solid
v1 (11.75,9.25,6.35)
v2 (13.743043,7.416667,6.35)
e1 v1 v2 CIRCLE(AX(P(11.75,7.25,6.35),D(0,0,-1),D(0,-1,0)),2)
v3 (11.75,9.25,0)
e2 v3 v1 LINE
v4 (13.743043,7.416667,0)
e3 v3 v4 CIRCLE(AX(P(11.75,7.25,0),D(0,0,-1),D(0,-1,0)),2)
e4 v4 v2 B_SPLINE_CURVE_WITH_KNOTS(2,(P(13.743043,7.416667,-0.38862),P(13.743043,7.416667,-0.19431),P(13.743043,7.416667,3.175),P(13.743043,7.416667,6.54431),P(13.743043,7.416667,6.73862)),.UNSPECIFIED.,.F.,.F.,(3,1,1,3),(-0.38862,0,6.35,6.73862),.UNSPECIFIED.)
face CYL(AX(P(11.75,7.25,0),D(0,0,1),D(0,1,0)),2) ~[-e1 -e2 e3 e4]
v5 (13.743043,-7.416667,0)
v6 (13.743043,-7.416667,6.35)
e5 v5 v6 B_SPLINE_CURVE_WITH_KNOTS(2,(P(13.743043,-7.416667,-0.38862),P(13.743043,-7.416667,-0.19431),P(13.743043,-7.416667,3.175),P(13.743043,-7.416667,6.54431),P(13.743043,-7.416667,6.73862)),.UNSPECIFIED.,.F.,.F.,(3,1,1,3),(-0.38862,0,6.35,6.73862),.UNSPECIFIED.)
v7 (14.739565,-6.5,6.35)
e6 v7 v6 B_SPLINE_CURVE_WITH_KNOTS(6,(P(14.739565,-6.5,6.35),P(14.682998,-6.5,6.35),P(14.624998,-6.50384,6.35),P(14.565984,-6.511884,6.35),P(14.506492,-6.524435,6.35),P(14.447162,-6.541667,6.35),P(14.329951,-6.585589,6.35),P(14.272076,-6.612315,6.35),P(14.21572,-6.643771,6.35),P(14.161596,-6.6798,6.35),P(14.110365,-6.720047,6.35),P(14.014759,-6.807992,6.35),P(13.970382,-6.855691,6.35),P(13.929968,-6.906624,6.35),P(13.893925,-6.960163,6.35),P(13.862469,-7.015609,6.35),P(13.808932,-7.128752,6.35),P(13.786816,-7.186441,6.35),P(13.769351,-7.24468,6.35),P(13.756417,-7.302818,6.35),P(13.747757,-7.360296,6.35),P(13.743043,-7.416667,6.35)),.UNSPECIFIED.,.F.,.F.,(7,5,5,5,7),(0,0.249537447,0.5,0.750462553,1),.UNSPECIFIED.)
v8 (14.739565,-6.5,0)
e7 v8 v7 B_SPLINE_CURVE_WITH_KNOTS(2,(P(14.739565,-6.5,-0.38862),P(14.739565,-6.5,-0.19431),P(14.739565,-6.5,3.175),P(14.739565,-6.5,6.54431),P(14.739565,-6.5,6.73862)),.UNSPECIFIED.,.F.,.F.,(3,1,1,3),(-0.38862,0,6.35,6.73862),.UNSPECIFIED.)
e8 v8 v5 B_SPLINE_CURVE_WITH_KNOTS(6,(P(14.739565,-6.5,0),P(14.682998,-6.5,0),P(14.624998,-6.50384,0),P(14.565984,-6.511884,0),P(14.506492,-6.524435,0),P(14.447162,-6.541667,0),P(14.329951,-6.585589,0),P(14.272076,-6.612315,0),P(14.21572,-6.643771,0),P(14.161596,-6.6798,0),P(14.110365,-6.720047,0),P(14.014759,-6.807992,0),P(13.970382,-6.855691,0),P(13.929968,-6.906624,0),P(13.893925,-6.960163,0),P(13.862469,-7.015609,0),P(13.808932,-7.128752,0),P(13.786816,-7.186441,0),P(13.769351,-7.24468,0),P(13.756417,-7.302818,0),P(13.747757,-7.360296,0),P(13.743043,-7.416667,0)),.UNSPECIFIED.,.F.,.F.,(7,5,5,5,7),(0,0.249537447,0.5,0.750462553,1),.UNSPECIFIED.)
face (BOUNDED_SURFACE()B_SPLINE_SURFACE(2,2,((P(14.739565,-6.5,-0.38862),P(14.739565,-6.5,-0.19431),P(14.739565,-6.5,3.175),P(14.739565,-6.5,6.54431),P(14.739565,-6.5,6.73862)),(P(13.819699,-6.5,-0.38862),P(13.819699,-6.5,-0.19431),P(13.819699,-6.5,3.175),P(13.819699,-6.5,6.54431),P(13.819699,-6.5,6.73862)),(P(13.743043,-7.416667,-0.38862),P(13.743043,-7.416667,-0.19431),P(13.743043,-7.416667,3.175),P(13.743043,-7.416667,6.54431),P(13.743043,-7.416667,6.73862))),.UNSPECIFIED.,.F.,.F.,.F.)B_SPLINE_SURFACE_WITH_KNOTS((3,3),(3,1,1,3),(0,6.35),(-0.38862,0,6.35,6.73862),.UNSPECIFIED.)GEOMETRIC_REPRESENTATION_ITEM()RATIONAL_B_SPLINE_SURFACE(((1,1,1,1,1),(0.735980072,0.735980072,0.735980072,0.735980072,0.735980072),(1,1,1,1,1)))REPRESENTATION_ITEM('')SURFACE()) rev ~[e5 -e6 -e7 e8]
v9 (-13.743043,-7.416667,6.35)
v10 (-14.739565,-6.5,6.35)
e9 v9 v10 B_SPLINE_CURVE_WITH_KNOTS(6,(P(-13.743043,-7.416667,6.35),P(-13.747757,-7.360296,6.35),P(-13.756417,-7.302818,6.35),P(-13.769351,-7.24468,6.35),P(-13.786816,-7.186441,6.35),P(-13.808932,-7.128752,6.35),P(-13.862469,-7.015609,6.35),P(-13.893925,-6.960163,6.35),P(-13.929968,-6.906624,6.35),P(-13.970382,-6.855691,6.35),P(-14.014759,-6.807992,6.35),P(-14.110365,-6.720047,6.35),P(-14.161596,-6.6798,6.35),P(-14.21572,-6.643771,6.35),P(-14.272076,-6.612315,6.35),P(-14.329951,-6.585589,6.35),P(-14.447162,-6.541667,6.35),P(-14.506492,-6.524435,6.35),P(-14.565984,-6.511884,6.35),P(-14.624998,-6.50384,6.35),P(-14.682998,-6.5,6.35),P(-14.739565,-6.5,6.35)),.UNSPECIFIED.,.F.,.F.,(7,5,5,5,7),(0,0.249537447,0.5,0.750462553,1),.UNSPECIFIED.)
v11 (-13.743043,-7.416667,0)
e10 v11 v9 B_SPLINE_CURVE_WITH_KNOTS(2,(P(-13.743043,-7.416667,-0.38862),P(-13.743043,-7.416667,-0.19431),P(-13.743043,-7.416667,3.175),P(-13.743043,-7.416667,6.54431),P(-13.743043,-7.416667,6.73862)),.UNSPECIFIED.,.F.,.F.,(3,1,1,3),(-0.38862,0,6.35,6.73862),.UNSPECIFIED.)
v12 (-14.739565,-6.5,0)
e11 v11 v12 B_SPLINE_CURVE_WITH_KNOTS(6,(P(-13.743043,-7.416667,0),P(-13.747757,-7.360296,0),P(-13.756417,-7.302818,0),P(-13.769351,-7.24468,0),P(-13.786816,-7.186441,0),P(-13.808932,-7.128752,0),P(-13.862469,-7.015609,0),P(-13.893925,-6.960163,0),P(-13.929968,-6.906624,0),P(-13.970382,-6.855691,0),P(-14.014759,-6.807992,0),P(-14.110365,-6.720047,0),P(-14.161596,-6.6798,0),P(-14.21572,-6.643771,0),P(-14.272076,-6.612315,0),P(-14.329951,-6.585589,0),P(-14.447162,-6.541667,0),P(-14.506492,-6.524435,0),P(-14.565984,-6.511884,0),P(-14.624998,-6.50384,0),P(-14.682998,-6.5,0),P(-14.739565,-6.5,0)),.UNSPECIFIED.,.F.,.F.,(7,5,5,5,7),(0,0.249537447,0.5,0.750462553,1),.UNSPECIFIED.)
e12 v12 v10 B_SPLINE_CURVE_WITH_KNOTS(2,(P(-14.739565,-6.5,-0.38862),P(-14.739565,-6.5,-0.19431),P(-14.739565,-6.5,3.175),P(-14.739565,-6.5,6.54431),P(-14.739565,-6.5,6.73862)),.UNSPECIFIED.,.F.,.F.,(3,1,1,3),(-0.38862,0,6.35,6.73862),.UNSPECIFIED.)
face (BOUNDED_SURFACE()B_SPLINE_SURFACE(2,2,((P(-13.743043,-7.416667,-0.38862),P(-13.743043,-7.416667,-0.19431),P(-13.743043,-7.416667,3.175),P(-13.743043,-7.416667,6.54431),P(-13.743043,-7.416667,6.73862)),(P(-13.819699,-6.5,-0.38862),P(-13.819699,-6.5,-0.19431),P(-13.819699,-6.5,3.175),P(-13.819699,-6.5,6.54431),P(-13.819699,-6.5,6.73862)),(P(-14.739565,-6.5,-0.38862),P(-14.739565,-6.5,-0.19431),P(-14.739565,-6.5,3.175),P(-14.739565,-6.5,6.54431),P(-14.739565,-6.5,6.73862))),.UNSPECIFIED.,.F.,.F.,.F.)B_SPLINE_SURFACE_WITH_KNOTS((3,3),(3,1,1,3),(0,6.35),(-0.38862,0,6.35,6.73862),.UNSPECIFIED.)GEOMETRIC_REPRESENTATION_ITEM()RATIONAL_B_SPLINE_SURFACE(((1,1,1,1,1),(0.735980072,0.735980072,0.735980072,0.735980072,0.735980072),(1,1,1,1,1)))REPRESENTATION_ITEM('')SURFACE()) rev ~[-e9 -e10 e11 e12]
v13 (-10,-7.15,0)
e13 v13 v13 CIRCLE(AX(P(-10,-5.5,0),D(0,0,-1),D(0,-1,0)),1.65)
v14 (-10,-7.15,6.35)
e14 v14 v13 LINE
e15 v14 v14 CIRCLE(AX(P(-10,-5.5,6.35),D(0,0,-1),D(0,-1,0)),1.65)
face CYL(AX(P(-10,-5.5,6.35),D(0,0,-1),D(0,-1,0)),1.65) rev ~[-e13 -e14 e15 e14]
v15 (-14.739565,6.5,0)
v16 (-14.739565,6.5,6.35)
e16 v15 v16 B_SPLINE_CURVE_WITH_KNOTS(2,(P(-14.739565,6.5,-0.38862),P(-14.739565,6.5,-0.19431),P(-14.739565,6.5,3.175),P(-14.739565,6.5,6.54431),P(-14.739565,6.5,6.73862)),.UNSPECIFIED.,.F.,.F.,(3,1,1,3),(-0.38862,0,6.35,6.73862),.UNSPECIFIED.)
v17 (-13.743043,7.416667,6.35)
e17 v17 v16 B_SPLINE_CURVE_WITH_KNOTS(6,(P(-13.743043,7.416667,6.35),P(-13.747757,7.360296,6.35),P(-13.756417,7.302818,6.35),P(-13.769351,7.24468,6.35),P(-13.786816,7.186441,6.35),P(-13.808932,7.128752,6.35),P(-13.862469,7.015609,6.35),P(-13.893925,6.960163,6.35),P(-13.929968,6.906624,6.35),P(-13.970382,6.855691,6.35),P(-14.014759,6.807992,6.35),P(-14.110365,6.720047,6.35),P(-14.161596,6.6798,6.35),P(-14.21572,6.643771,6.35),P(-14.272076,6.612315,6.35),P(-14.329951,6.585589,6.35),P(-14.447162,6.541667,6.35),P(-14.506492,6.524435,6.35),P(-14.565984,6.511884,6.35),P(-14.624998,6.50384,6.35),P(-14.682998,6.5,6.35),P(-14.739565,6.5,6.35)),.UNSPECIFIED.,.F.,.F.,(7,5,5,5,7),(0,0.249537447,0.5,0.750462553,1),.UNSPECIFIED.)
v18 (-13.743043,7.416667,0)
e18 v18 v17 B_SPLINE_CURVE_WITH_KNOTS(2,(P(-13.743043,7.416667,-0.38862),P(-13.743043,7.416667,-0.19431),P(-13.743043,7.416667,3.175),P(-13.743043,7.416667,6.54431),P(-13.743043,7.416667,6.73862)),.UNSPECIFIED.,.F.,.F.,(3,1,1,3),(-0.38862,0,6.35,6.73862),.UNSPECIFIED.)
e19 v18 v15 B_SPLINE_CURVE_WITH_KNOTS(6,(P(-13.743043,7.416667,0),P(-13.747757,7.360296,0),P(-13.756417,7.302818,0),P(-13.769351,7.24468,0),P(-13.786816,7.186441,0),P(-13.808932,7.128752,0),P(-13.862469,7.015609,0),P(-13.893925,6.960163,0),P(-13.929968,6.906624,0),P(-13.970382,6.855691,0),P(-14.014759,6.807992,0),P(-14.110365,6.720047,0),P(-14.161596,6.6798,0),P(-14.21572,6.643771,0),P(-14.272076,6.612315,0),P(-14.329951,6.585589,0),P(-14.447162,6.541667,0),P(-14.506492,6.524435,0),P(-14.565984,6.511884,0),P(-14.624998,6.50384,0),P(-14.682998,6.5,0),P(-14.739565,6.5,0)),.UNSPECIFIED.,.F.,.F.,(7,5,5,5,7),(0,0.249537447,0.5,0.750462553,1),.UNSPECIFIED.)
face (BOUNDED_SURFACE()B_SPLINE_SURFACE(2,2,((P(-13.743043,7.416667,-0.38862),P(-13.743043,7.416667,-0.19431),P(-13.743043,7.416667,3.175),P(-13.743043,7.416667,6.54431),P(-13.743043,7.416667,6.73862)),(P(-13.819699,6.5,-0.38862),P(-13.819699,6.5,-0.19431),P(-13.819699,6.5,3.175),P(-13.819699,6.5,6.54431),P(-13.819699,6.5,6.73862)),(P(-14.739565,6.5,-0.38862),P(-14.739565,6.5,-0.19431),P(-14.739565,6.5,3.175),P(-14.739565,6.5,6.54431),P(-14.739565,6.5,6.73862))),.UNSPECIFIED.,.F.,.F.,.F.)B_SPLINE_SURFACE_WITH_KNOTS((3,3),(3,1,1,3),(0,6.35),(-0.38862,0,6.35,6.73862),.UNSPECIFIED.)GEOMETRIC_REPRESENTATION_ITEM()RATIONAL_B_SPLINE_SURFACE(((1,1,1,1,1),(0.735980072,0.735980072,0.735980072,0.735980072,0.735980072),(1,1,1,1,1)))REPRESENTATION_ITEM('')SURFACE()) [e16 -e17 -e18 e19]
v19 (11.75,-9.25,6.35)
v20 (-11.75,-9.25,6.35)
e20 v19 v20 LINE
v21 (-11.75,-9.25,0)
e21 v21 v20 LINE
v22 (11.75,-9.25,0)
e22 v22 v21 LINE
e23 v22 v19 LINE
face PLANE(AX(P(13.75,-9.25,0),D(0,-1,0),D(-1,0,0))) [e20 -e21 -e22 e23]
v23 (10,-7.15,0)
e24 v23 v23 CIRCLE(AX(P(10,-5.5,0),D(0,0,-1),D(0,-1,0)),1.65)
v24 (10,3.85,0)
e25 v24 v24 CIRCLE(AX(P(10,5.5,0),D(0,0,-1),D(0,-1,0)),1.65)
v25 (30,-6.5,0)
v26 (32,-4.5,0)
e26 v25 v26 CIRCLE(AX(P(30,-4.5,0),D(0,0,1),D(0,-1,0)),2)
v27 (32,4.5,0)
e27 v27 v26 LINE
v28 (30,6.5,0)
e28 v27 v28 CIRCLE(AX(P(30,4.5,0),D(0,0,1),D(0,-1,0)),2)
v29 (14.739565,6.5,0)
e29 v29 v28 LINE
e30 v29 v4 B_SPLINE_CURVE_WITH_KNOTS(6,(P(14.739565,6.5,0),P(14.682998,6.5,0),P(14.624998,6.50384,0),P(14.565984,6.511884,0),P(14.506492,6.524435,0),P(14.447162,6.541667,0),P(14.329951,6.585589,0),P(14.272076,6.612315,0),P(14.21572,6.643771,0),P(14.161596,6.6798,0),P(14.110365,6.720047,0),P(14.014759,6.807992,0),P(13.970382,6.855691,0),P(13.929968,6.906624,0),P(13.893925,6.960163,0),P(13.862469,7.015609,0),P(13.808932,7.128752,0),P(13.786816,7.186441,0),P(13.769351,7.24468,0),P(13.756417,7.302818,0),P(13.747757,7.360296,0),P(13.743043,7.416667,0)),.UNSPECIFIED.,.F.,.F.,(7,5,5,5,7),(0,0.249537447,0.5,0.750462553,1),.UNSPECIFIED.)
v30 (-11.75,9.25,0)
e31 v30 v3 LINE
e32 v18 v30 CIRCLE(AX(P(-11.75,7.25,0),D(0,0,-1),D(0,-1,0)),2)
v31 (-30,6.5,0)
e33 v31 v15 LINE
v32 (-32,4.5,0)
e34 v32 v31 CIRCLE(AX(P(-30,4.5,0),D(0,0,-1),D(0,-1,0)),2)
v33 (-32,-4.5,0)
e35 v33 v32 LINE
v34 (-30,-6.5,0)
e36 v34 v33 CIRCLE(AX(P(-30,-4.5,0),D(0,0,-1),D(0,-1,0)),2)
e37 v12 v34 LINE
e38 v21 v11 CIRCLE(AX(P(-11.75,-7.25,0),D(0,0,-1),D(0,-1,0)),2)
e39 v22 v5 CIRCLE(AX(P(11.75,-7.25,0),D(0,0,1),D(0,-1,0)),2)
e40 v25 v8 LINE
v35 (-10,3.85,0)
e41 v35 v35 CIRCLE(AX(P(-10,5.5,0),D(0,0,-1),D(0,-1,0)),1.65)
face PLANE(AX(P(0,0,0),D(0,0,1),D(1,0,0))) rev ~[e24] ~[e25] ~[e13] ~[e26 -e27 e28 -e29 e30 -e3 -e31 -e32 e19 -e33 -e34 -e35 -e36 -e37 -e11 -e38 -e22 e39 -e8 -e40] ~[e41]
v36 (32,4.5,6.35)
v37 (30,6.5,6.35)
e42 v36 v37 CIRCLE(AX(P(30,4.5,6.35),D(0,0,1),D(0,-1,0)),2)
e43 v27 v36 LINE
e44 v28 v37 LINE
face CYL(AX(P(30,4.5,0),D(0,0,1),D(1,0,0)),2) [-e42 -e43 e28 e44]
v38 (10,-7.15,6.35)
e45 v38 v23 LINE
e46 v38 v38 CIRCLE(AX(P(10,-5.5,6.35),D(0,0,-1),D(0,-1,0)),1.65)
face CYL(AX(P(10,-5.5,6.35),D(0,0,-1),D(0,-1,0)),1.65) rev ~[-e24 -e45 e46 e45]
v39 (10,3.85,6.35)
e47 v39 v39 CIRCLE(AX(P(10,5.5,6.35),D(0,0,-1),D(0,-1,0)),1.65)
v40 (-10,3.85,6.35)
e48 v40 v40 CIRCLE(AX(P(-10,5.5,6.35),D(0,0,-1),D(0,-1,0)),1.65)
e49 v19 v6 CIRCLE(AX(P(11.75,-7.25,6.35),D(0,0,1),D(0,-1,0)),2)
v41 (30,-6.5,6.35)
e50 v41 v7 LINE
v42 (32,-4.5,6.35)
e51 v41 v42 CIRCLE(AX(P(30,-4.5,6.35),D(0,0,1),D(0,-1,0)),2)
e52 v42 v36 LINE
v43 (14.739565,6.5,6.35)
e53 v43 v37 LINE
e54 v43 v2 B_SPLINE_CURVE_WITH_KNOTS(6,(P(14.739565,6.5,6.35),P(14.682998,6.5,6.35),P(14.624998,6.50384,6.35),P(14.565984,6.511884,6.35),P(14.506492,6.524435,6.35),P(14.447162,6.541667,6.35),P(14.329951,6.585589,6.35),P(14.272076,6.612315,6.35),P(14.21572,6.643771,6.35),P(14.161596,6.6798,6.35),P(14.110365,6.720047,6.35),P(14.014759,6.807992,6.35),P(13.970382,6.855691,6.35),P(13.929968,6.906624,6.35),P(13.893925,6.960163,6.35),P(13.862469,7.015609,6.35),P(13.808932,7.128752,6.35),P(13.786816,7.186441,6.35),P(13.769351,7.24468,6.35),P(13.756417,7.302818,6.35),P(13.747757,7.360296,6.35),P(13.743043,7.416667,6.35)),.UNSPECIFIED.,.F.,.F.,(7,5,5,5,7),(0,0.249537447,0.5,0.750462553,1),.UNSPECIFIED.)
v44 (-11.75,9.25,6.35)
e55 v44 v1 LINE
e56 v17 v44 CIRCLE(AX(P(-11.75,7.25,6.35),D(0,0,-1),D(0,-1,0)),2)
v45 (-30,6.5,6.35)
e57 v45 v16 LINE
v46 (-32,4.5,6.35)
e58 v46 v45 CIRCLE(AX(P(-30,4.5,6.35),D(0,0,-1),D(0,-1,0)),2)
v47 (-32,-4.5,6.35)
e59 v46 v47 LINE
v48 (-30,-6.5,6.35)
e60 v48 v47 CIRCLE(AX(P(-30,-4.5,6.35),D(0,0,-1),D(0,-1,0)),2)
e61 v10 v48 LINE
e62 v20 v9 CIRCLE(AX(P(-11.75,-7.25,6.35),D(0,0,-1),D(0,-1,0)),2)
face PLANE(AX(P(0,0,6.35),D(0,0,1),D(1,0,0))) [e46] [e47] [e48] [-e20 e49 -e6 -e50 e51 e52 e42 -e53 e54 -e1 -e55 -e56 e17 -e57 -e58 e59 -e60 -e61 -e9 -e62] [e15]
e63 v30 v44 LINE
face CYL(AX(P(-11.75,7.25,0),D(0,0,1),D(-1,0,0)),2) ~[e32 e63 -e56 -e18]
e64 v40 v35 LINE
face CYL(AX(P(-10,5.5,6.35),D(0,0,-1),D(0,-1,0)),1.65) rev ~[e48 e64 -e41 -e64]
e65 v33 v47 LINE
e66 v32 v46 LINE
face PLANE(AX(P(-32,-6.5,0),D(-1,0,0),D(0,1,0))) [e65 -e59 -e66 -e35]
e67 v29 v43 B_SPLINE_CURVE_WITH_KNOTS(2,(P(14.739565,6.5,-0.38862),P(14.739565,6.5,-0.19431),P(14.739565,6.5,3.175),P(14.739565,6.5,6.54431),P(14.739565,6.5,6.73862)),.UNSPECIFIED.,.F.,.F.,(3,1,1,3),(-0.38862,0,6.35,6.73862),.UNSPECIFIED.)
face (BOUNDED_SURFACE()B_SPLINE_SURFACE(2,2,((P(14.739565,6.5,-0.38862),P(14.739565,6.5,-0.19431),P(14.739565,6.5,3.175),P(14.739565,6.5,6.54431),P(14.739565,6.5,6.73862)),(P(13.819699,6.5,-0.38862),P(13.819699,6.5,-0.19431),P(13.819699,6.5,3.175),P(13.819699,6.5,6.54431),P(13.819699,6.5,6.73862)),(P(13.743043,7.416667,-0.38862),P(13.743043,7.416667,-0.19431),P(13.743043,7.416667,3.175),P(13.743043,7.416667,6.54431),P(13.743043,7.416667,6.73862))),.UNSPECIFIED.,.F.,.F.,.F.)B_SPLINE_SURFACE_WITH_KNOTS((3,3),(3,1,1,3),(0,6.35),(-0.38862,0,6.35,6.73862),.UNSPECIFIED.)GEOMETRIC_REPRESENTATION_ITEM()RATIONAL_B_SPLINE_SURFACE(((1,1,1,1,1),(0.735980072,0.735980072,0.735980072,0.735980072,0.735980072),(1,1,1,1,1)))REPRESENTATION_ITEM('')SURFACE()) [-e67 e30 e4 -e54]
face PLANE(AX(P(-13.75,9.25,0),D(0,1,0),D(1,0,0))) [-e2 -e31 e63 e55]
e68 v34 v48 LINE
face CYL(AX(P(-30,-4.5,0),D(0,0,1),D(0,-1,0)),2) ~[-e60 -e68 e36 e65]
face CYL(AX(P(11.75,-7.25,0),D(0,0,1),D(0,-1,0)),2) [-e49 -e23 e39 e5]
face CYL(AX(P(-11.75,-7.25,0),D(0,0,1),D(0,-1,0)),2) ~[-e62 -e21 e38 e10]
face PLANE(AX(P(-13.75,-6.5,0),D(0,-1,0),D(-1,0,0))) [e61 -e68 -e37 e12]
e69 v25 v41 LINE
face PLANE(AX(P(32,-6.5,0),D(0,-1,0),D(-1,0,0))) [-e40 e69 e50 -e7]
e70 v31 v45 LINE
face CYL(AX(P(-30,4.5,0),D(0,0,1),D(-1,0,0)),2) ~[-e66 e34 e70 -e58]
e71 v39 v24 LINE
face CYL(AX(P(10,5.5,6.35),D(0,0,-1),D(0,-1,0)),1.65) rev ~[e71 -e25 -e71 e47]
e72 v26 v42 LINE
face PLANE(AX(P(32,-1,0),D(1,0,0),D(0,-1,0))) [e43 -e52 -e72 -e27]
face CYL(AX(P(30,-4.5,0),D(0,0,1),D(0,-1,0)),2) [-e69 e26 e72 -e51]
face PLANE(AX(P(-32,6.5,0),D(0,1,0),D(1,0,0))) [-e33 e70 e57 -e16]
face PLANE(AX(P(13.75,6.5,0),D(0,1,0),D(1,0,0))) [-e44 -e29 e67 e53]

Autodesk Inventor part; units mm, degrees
ref_plane "YZ Plane" through (0, 0, 0) normal (1, 0, 0) x (0, 1, 0)
ref_plane "XZ Plane" through (0, 0, 0) normal (0, 1, 0) x (-1, 0, 0)
ref_plane "XY Plane" through (0, 0, 0) normal (0, 0, 1) x (1, 0, 0)
sketch "Sketch1" plane through (0, 0, 0) normal (0, 0, 1) x (1, 0, 0)
  line L0 (13.75, -9.25) -> (-13.75, -9.25)
  line L1 (-13.75, -9.25) -> (-13.75, 9.25)
  line L2 (-13.75, 9.25) -> (13.75, 9.25)
  line L3 (13.75, 9.25) -> (13.75, -9.25)
  line L4 (13.75, -9.25) -> (-13.75, 9.25) construction
  line L5 (-13.75, -9.25) -> (13.75, 9.25) construction
  line L6 (-18, 0) -> (18, 0) construction
  circle A0 centre (-18, 0) radius 4
  circle A1 centre (18, 0) radius 4
  line L7 (32, -1) -> (-32, -1)
  line L8 (-32, -1) -> (-32, 1)
  line L9 (-32, 1) -> (32, 1)
  line L10 (32, 1) -> (32, -1)
  line L11 (32, -1) -> (-32, 1) construction
  line L12 (-32, -1) -> (32, 1) construction
  line L13 (32, -6.5) -> (-32, -6.5)
  line L14 (-32, -6.5) -> (-32, 6.5)
  line L15 (-32, 6.5) -> (32, 6.5)
  line L16 (32, 6.5) -> (32, -6.5)
  line L17 (32, -6.5) -> (-32, 6.5) construction
  line L18 (-32, -6.5) -> (32, 6.5) construction
  point P0 (0, 0)
  point P1 (-21.873, -1)
  point P2 (-13.75, -6.5)
  point P3 (13.75, -6.5)
  point P4 (21.873, -1)
  point P5 (21.873, 1)
  point P6 (13.75, 6.5)
  point P7 (-13.75, 6.5)
  point P8 (-21.873, 1)
  dimension "d0" = 27.5
  dimension "d1" = 18.5
  dimension "d2" = 8
  dimension "d3" = 8
  dimension "d4" = 36
  dimension "d5" = 64
  dimension "d6" = 2
  dimension "d7" = 13
extrude "Extrusion1" add sketch "Sketch1" along normal blind 6.35
fillet "Fillet1" radius 2 4 edges at (13.75, 9.25, 3.175) (-13.75, 9.25, 3.175) (-13.75, -9.25, 3.175) (13.75, -9.25, 3.175)
fillet "Fillet2" radius 2 4 edges at (-32, 6.5, 3.175) (-32, -6.5, 3.175) (32, 6.5, 3.175) (32, -6.5, 3.175)
fillet "Fillet3" radius 1 4 edges at (-13.75, -6.5, 3.175) (-13.75, 6.5, 3.175) (13.75, 6.5, 3.175) (13.75, -6.5, 3.175)
sketch "Sketch2" plane through (0, 0, 6.35) normal (0, 0, 1) x (1, 0, 0)
  line L0 (10, -5.5) -> (-10, -5.5) construction
  line L1 (-10, -5.5) -> (-10, 5.5) construction
  line L2 (-10, 5.5) -> (10, 5.5) construction
  line L3 (10, 5.5) -> (10, -5.5) construction
  line L4 (10, -5.5) -> (-10, 5.5) construction
  line L5 (-10, -5.5) -> (10, 5.5) construction
  circle A0 centre (-10, 5.5) radius 3 construction
  circle A1 centre (-10, -5.5) radius 3 construction
  circle A2 centre (-10, 5.5) radius 1.65 construction
  line L6 (11.75, 9.25) -> (-11.75, 9.25) construction
  point P0 (0, 0)
  dimension "d13" = 20
  dimension "d14" = 11
  dimension "d22" = 6
  dimension "d23" = 6
  dimension "d25" = 3.3
  dimension "d26" = 2.1
hole "Hole1" at (-10, 5.5, 6.35) at (10, 5.5, 6.35) at (10, -5.5, 6.35) at (-10, -5.5, 6.35) direction (0, 0, -1) diameter 3.3 end through all
properties part number "Printhead Belt Retainer Cap THICK" material "Aluminum 6061"
